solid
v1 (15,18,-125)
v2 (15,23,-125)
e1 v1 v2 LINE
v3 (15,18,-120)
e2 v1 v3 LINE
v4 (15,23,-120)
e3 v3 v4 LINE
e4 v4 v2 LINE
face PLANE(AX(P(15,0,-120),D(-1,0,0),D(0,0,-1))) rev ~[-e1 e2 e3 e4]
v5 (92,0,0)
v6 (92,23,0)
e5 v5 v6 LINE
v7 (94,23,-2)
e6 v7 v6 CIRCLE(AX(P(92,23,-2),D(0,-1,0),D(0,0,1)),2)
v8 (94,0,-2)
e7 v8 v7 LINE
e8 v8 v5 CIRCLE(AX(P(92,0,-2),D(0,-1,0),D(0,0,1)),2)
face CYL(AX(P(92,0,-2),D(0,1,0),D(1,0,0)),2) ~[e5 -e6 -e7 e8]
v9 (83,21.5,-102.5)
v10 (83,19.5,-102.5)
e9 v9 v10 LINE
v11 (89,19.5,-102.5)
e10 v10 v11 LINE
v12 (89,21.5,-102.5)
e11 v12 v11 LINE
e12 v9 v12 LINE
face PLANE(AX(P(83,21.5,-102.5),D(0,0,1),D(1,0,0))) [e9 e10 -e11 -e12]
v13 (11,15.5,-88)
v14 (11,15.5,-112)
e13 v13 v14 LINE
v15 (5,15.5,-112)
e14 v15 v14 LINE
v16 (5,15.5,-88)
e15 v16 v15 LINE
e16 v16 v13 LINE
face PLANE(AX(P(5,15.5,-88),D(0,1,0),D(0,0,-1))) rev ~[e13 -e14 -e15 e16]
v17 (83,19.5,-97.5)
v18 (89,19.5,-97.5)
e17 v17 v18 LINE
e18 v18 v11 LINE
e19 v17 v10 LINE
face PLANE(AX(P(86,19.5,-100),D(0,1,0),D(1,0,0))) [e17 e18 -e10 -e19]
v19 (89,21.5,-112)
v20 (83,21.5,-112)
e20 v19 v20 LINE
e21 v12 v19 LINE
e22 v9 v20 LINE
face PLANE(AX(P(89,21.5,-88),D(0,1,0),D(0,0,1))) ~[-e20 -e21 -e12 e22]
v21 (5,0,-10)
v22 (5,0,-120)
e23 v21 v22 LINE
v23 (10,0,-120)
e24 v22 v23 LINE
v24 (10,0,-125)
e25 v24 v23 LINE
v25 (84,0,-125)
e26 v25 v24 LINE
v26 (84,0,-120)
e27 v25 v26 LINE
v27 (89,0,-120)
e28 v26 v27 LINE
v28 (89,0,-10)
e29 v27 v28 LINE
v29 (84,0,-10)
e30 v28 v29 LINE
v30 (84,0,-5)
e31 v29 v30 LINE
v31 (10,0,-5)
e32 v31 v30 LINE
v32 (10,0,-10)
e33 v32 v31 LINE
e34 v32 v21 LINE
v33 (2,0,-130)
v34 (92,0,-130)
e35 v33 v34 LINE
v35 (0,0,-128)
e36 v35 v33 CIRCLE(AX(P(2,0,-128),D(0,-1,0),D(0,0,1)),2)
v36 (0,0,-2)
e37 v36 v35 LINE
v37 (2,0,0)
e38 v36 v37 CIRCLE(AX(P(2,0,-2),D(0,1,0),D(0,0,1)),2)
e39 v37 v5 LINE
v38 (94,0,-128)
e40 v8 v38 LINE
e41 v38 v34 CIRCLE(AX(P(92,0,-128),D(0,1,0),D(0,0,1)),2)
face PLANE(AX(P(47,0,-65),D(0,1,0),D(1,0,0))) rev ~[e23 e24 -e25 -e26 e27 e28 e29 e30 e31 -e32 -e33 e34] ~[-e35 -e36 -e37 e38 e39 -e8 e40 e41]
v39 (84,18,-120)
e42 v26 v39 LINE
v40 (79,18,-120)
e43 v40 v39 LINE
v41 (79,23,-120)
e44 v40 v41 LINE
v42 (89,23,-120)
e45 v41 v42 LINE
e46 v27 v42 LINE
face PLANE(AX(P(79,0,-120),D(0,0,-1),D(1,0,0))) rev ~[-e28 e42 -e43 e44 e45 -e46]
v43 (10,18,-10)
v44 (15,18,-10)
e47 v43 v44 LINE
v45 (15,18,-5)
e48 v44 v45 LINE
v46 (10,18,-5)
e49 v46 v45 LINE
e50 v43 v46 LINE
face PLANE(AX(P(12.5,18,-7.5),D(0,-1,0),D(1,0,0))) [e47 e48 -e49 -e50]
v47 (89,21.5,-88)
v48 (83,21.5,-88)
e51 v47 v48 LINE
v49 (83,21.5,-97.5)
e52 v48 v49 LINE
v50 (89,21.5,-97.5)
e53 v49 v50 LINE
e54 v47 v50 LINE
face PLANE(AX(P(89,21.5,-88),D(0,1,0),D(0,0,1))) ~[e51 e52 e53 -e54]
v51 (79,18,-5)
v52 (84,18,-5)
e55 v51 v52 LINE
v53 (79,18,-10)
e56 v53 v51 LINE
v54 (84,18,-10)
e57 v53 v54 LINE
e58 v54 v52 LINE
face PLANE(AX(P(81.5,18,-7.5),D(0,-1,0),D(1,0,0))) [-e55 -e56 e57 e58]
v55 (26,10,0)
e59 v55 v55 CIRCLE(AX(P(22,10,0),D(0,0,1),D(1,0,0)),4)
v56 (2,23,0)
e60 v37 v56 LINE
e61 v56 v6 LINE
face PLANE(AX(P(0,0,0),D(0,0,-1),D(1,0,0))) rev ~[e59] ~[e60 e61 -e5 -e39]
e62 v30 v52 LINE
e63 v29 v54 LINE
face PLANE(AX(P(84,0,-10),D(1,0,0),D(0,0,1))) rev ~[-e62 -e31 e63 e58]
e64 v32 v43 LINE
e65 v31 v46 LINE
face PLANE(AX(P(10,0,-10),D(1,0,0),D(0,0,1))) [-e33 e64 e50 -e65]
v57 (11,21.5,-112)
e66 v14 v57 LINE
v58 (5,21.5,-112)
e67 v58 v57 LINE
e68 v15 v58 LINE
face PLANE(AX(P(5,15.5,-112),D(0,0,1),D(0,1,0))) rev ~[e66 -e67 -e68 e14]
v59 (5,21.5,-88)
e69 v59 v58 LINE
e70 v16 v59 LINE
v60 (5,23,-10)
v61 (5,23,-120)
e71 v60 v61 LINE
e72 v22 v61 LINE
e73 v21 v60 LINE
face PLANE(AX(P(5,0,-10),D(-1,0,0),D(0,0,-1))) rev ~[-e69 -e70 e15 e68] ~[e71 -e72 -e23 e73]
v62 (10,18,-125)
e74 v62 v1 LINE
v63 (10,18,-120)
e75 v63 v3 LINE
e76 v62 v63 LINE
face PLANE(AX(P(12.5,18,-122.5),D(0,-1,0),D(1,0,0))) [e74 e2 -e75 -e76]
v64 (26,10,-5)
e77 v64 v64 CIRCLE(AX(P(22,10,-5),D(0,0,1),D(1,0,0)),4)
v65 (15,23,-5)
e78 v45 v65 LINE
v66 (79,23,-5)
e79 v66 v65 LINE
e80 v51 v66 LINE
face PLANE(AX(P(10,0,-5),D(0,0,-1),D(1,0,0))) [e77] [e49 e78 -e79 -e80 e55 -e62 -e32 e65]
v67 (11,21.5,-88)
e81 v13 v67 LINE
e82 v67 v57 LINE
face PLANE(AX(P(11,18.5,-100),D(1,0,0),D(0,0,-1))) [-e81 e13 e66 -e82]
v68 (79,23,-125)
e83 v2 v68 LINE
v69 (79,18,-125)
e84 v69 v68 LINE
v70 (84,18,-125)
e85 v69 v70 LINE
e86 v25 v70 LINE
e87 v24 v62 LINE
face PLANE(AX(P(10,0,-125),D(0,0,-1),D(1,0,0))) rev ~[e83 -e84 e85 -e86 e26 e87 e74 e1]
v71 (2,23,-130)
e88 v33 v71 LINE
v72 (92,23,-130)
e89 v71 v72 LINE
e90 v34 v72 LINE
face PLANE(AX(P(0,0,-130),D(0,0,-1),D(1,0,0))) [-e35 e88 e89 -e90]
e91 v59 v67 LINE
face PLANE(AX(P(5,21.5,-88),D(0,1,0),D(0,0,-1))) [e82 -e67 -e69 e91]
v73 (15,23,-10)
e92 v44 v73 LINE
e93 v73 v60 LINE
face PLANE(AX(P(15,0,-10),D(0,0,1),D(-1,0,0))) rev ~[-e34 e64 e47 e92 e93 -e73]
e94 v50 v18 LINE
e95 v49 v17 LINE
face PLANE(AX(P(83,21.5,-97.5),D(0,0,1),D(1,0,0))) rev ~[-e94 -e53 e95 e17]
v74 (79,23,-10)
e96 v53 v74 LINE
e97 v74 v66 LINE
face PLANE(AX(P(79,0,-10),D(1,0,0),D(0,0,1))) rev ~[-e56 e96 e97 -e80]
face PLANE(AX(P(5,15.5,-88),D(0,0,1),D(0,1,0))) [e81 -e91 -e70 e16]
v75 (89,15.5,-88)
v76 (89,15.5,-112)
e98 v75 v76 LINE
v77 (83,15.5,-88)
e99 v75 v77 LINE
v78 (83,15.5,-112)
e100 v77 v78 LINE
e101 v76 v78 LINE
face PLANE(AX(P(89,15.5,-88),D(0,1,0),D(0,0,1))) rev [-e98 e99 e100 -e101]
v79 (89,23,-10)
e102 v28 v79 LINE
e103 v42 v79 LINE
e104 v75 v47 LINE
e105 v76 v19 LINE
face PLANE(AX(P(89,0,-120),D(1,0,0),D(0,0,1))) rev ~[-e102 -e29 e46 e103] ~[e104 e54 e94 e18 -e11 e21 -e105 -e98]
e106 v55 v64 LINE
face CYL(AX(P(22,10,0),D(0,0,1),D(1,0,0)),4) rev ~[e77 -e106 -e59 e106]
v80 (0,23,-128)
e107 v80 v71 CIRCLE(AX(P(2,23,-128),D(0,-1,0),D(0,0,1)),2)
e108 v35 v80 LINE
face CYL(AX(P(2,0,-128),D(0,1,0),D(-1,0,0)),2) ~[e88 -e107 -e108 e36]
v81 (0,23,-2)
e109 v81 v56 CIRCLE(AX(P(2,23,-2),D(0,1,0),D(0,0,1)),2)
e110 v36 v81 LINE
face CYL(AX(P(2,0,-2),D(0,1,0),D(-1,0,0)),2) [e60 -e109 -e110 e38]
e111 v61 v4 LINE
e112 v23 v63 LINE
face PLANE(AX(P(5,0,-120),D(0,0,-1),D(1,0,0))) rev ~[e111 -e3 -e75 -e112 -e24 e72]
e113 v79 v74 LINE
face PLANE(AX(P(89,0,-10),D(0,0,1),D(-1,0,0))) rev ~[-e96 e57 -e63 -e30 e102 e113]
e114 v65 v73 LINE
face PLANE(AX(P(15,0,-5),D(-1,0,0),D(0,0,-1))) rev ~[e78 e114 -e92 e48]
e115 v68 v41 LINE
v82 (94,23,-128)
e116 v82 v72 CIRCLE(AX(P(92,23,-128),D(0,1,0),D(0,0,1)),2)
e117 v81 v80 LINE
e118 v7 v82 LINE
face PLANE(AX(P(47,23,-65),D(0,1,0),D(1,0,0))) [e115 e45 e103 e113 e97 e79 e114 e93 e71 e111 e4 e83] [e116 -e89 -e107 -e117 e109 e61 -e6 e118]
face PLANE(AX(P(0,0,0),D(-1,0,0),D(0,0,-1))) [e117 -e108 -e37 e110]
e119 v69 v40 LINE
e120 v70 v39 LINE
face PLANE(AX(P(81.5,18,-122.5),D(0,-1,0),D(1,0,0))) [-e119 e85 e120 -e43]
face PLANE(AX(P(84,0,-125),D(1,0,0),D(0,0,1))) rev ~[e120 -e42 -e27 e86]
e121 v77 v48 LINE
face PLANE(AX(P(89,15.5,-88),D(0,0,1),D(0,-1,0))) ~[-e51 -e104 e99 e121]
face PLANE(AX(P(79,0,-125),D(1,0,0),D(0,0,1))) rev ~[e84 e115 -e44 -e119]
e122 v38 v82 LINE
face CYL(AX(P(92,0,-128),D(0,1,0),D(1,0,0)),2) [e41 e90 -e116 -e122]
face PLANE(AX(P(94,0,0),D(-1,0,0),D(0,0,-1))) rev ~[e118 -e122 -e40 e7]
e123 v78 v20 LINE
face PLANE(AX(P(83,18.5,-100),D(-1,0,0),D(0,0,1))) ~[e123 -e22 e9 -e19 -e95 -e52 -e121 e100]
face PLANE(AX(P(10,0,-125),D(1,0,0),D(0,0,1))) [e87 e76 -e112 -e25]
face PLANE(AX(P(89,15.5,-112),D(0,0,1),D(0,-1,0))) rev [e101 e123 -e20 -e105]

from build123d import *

# Parameters (mm, degrees)
SKETCH1_W            = 94
SKETCH1_H            = 130
BOSS_EXTRUDE1_DEPTH  = 23
SKETCH3_W            = 24
SKETCH3_H            = 6
BOSS_EXTRUDE2_DEPTH  = 6
SKETCH4_W            = 6
SKETCH4_H            = 5
CUT_EXTRUDE1_DEPTH   = 2
SKETCH5_W            = 5
SKETCH5_H            = 5
CUT_EXTRUDE2_DEPTH   = 18
LPATTERN1_COUNT      = 2
LPATTERN1_PITCH      = 69
LPATTERN1_COUNT_DIR2 = 2
LPATTERN1_PITCH_DIR2 = 115
FILLET1_R            = 2
SKETCH6_R            = 4
CUT_EXTRUDE3_DEPTH   = 7


with BuildPart() as part:
    # Sketch1 → Boss-Extrude1 (new body)
    with BuildSketch(Plane(origin=(0, 0, 0), x_dir=(1, 0, 0), z_dir=(0, 1, 0))):
        with Locations((47, 65)):
            Rectangle(SKETCH1_W, SKETCH1_H)
        Polygon((79, 125), (79, 120), (89, 120), (89, 10), (79, 10), (79, 5), (15, 5), (15, 10), (5, 10), (5, 120), (15, 120), (15, 125), align=None, mode=Mode.SUBTRACT)
    extrude(amount=BOSS_EXTRUDE1_DEPTH)

    # Sketch3 → Boss-Extrude2 (add)
    with BuildSketch(Plane(origin=(5, 0, 0), x_dir=(0, 0, -1), z_dir=(1, 0, 0))):
        with Locations((100, 18.5)):
            Rectangle(SKETCH3_W, SKETCH3_H)
    boss_extrude2 = extrude(amount=BOSS_EXTRUDE2_DEPTH)

    # Mirror3: Boss-Extrude2 across plane
    add(boss_extrude2.mirror(Plane.ZY.offset(-47)))

    # Sketch4 → Cut-Extrude1 (cut)
    with BuildSketch(Plane(origin=(0, 21.5, 0), x_dir=(1, 0, 0), z_dir=(0, 1, 0))):
        with Locations((86, 100)):
            Rectangle(SKETCH4_W, SKETCH4_H)
    extrude(amount=-CUT_EXTRUDE1_DEPTH, mode=Mode.SUBTRACT)

    # Sketch5 → Cut-Extrude2 (cut)
    with BuildSketch(Plane.XZ):
        with Locations((81.5, -122.5)):
            Rectangle(SKETCH5_W, SKETCH5_H)
    cut_extrude2 = extrude(amount=-CUT_EXTRUDE2_DEPTH, mode=Mode.SUBTRACT)

    # LPattern1: Cut-Extrude2 2 × 2
    with Locations(*[(-i * LPATTERN1_PITCH, 0, j * LPATTERN1_PITCH_DIR2) for i in range(LPATTERN1_COUNT) for j in range(LPATTERN1_COUNT_DIR2) if (i, j) != (0, 0)]):
        add(cut_extrude2, mode=Mode.SUBTRACT)

    # Fillet1
    fillet1_edges = [part.edges().sort_by_distance(p)[0] for p in [
        (0, 11.5, -130),
        (94, 11.5, -130),
        (94, 11.5, 0),
        (0, 11.5, 0),
    ]]
    fillet(fillet1_edges, radius=FILLET1_R)

    # Sketch6 → Cut-Extrude3 (cut)
    with BuildSketch(Plane.XY):
        with Locations((22, 10)):
            Circle(SKETCH6_R)
    extrude(amount=-CUT_EXTRUDE3_DEPTH, mode=Mode.SUBTRACT)


solid = part.part
